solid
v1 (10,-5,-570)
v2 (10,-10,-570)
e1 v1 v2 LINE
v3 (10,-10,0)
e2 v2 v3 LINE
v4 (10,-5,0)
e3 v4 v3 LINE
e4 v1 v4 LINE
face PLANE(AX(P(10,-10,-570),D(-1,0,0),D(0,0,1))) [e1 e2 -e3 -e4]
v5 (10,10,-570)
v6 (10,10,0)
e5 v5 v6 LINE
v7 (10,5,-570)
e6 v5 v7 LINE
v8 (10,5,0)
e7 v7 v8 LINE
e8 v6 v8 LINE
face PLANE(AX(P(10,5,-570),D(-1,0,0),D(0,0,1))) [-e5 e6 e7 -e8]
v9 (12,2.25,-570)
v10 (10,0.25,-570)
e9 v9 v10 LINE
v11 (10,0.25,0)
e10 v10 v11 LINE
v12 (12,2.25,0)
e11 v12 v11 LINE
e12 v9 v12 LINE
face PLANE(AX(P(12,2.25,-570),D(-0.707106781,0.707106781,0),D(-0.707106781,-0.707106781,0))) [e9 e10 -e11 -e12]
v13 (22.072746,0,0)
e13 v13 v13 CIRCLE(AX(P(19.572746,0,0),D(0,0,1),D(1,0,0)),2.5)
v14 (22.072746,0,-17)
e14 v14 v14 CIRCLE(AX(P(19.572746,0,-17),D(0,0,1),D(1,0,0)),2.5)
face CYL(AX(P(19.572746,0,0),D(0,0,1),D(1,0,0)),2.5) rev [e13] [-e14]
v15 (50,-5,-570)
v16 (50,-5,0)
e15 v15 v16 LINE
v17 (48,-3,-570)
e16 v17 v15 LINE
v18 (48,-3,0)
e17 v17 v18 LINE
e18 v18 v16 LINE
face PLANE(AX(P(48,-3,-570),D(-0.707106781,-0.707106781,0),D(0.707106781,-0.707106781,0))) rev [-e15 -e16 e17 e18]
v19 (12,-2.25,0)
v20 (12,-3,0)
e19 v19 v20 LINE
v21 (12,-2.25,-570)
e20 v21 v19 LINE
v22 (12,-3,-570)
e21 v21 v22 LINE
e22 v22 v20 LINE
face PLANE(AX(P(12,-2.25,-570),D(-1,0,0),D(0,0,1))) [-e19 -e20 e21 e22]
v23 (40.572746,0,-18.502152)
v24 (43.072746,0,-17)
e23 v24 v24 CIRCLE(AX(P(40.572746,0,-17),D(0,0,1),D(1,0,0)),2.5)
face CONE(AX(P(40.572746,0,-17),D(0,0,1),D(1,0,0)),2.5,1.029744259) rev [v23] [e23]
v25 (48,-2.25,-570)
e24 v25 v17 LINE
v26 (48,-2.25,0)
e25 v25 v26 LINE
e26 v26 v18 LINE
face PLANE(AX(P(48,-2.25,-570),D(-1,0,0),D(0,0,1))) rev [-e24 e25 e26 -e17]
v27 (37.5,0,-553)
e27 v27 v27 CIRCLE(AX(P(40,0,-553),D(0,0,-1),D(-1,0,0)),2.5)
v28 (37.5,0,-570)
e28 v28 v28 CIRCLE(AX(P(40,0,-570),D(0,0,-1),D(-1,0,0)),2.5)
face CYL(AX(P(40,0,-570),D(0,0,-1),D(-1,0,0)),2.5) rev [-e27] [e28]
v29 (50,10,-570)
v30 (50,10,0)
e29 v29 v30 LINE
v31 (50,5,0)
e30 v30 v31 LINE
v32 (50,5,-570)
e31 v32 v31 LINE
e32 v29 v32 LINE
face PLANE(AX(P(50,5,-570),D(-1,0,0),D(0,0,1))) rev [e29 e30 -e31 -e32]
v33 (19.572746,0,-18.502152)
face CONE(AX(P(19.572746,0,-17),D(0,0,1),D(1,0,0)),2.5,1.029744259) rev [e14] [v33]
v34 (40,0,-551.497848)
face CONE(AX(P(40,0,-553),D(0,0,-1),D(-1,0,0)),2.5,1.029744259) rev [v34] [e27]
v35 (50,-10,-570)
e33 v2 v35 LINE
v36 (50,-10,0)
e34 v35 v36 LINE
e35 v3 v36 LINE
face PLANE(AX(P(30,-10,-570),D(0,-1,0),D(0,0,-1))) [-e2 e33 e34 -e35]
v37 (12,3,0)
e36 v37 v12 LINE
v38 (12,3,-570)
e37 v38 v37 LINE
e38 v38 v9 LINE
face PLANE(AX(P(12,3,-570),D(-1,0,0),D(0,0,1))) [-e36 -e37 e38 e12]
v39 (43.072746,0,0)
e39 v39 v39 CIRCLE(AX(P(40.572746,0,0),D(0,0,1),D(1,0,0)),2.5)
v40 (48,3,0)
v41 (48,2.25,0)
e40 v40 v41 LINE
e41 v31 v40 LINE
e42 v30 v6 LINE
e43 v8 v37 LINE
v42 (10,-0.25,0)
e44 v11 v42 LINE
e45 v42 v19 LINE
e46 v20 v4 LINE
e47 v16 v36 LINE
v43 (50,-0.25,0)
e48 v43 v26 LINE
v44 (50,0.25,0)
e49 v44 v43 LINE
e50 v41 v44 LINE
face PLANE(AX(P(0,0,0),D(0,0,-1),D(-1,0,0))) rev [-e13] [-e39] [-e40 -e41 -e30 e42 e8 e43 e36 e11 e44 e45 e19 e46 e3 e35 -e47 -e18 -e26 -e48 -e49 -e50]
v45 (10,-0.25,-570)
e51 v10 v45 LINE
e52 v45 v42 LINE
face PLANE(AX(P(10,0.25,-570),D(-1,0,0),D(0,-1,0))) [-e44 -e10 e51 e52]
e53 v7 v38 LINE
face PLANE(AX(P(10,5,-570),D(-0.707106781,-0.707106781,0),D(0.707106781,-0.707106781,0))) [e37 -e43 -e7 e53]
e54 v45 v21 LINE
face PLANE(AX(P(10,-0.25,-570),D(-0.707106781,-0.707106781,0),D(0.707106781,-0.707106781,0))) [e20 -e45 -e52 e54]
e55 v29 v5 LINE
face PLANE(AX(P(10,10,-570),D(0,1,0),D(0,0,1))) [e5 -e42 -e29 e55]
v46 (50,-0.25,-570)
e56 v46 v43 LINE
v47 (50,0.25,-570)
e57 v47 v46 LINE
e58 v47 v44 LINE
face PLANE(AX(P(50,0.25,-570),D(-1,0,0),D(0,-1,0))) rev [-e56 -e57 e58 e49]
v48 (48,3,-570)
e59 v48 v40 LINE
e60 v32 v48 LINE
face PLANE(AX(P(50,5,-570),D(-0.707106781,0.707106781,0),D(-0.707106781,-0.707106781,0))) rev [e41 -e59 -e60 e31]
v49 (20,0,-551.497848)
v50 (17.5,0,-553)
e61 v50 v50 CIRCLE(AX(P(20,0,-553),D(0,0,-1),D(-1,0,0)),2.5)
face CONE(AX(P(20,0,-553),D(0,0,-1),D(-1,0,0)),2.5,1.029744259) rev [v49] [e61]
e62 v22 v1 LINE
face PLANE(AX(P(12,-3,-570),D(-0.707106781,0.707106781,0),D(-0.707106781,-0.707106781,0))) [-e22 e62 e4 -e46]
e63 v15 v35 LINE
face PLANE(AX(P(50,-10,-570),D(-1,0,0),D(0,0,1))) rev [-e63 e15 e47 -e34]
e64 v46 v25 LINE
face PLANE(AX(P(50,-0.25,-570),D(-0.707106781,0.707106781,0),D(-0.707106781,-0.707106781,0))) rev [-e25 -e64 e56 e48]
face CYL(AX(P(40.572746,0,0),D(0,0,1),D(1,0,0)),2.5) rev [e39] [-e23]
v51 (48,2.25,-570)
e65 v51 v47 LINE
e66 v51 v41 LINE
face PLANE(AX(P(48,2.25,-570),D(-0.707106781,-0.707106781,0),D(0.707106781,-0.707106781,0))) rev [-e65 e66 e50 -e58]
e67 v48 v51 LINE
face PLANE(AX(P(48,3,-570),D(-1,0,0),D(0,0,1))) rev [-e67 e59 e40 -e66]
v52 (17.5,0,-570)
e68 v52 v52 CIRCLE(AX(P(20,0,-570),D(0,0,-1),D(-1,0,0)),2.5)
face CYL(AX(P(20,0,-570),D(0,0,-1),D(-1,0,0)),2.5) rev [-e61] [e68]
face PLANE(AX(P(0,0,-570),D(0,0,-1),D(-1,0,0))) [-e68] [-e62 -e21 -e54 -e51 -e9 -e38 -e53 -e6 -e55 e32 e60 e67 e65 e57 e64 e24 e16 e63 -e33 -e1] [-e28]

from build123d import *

# Parameters (mm, degrees)
EXTRUDE_1_DEPTH        = 570
HOLE_WIZARD_M6_1_D     = 5
HOLE_WIZARD_M6_1_DEPTH = 17
HOLE_WIZARD_M6_1_TIP   = 1.502151548
HOLE_WIZARD_M6_2_D     = 5
HOLE_WIZARD_M6_2_DEPTH = 17
HOLE_WIZARD_M6_2_TIP   = 1.502151548


with BuildPart() as part:
    # 草图1 → 凸台-拉伸1 (new body)
    with BuildSketch(Plane.XY):
        Polygon((10, 0.25), (10, -0.25), (12, -2.25), (12, -3), (10, -5), (10, -10), (30, -10), (30, 10), (10, 10), (10, 5), (12, 3), (12, 2.25), align=None)
    extrude_1 = extrude(amount=-EXTRUDE_1_DEPTH)

    # 镜向1: 凸台-拉伸1 across plane
    add(extrude_1.mirror(Plane(origin=(30, 0, 0), x_dir=(0, 0, 1), z_dir=(1, 0, 0))))

    # M6 螺纹孔1
    with Locations(Plane(origin=(0, 0, -570), x_dir=(-1, 0, 0), z_dir=(0, 0, -1))):
        with Locations((-40, 0), (-20, 0)):
            Hole(HOLE_WIZARD_M6_1_D / 2, depth=HOLE_WIZARD_M6_1_DEPTH)
            with Locations((0, 0, -(HOLE_WIZARD_M6_1_DEPTH + HOLE_WIZARD_M6_1_TIP / 2))):  # 118° drill point
                Cone(0, HOLE_WIZARD_M6_1_D / 2, HOLE_WIZARD_M6_1_TIP, mode=Mode.SUBTRACT)

    # M6 螺纹孔2
    with Locations(Plane.XY):
        with Locations((19.572746266, 0), (40.572746266, 0)):
            Hole(HOLE_WIZARD_M6_2_D / 2, depth=HOLE_WIZARD_M6_2_DEPTH)
            with Locations((0, 0, -(HOLE_WIZARD_M6_2_DEPTH + HOLE_WIZARD_M6_2_TIP / 2))):  # 118° drill point
                Cone(0, HOLE_WIZARD_M6_2_D / 2, HOLE_WIZARD_M6_2_TIP, mode=Mode.SUBTRACT)


solid = part.part
